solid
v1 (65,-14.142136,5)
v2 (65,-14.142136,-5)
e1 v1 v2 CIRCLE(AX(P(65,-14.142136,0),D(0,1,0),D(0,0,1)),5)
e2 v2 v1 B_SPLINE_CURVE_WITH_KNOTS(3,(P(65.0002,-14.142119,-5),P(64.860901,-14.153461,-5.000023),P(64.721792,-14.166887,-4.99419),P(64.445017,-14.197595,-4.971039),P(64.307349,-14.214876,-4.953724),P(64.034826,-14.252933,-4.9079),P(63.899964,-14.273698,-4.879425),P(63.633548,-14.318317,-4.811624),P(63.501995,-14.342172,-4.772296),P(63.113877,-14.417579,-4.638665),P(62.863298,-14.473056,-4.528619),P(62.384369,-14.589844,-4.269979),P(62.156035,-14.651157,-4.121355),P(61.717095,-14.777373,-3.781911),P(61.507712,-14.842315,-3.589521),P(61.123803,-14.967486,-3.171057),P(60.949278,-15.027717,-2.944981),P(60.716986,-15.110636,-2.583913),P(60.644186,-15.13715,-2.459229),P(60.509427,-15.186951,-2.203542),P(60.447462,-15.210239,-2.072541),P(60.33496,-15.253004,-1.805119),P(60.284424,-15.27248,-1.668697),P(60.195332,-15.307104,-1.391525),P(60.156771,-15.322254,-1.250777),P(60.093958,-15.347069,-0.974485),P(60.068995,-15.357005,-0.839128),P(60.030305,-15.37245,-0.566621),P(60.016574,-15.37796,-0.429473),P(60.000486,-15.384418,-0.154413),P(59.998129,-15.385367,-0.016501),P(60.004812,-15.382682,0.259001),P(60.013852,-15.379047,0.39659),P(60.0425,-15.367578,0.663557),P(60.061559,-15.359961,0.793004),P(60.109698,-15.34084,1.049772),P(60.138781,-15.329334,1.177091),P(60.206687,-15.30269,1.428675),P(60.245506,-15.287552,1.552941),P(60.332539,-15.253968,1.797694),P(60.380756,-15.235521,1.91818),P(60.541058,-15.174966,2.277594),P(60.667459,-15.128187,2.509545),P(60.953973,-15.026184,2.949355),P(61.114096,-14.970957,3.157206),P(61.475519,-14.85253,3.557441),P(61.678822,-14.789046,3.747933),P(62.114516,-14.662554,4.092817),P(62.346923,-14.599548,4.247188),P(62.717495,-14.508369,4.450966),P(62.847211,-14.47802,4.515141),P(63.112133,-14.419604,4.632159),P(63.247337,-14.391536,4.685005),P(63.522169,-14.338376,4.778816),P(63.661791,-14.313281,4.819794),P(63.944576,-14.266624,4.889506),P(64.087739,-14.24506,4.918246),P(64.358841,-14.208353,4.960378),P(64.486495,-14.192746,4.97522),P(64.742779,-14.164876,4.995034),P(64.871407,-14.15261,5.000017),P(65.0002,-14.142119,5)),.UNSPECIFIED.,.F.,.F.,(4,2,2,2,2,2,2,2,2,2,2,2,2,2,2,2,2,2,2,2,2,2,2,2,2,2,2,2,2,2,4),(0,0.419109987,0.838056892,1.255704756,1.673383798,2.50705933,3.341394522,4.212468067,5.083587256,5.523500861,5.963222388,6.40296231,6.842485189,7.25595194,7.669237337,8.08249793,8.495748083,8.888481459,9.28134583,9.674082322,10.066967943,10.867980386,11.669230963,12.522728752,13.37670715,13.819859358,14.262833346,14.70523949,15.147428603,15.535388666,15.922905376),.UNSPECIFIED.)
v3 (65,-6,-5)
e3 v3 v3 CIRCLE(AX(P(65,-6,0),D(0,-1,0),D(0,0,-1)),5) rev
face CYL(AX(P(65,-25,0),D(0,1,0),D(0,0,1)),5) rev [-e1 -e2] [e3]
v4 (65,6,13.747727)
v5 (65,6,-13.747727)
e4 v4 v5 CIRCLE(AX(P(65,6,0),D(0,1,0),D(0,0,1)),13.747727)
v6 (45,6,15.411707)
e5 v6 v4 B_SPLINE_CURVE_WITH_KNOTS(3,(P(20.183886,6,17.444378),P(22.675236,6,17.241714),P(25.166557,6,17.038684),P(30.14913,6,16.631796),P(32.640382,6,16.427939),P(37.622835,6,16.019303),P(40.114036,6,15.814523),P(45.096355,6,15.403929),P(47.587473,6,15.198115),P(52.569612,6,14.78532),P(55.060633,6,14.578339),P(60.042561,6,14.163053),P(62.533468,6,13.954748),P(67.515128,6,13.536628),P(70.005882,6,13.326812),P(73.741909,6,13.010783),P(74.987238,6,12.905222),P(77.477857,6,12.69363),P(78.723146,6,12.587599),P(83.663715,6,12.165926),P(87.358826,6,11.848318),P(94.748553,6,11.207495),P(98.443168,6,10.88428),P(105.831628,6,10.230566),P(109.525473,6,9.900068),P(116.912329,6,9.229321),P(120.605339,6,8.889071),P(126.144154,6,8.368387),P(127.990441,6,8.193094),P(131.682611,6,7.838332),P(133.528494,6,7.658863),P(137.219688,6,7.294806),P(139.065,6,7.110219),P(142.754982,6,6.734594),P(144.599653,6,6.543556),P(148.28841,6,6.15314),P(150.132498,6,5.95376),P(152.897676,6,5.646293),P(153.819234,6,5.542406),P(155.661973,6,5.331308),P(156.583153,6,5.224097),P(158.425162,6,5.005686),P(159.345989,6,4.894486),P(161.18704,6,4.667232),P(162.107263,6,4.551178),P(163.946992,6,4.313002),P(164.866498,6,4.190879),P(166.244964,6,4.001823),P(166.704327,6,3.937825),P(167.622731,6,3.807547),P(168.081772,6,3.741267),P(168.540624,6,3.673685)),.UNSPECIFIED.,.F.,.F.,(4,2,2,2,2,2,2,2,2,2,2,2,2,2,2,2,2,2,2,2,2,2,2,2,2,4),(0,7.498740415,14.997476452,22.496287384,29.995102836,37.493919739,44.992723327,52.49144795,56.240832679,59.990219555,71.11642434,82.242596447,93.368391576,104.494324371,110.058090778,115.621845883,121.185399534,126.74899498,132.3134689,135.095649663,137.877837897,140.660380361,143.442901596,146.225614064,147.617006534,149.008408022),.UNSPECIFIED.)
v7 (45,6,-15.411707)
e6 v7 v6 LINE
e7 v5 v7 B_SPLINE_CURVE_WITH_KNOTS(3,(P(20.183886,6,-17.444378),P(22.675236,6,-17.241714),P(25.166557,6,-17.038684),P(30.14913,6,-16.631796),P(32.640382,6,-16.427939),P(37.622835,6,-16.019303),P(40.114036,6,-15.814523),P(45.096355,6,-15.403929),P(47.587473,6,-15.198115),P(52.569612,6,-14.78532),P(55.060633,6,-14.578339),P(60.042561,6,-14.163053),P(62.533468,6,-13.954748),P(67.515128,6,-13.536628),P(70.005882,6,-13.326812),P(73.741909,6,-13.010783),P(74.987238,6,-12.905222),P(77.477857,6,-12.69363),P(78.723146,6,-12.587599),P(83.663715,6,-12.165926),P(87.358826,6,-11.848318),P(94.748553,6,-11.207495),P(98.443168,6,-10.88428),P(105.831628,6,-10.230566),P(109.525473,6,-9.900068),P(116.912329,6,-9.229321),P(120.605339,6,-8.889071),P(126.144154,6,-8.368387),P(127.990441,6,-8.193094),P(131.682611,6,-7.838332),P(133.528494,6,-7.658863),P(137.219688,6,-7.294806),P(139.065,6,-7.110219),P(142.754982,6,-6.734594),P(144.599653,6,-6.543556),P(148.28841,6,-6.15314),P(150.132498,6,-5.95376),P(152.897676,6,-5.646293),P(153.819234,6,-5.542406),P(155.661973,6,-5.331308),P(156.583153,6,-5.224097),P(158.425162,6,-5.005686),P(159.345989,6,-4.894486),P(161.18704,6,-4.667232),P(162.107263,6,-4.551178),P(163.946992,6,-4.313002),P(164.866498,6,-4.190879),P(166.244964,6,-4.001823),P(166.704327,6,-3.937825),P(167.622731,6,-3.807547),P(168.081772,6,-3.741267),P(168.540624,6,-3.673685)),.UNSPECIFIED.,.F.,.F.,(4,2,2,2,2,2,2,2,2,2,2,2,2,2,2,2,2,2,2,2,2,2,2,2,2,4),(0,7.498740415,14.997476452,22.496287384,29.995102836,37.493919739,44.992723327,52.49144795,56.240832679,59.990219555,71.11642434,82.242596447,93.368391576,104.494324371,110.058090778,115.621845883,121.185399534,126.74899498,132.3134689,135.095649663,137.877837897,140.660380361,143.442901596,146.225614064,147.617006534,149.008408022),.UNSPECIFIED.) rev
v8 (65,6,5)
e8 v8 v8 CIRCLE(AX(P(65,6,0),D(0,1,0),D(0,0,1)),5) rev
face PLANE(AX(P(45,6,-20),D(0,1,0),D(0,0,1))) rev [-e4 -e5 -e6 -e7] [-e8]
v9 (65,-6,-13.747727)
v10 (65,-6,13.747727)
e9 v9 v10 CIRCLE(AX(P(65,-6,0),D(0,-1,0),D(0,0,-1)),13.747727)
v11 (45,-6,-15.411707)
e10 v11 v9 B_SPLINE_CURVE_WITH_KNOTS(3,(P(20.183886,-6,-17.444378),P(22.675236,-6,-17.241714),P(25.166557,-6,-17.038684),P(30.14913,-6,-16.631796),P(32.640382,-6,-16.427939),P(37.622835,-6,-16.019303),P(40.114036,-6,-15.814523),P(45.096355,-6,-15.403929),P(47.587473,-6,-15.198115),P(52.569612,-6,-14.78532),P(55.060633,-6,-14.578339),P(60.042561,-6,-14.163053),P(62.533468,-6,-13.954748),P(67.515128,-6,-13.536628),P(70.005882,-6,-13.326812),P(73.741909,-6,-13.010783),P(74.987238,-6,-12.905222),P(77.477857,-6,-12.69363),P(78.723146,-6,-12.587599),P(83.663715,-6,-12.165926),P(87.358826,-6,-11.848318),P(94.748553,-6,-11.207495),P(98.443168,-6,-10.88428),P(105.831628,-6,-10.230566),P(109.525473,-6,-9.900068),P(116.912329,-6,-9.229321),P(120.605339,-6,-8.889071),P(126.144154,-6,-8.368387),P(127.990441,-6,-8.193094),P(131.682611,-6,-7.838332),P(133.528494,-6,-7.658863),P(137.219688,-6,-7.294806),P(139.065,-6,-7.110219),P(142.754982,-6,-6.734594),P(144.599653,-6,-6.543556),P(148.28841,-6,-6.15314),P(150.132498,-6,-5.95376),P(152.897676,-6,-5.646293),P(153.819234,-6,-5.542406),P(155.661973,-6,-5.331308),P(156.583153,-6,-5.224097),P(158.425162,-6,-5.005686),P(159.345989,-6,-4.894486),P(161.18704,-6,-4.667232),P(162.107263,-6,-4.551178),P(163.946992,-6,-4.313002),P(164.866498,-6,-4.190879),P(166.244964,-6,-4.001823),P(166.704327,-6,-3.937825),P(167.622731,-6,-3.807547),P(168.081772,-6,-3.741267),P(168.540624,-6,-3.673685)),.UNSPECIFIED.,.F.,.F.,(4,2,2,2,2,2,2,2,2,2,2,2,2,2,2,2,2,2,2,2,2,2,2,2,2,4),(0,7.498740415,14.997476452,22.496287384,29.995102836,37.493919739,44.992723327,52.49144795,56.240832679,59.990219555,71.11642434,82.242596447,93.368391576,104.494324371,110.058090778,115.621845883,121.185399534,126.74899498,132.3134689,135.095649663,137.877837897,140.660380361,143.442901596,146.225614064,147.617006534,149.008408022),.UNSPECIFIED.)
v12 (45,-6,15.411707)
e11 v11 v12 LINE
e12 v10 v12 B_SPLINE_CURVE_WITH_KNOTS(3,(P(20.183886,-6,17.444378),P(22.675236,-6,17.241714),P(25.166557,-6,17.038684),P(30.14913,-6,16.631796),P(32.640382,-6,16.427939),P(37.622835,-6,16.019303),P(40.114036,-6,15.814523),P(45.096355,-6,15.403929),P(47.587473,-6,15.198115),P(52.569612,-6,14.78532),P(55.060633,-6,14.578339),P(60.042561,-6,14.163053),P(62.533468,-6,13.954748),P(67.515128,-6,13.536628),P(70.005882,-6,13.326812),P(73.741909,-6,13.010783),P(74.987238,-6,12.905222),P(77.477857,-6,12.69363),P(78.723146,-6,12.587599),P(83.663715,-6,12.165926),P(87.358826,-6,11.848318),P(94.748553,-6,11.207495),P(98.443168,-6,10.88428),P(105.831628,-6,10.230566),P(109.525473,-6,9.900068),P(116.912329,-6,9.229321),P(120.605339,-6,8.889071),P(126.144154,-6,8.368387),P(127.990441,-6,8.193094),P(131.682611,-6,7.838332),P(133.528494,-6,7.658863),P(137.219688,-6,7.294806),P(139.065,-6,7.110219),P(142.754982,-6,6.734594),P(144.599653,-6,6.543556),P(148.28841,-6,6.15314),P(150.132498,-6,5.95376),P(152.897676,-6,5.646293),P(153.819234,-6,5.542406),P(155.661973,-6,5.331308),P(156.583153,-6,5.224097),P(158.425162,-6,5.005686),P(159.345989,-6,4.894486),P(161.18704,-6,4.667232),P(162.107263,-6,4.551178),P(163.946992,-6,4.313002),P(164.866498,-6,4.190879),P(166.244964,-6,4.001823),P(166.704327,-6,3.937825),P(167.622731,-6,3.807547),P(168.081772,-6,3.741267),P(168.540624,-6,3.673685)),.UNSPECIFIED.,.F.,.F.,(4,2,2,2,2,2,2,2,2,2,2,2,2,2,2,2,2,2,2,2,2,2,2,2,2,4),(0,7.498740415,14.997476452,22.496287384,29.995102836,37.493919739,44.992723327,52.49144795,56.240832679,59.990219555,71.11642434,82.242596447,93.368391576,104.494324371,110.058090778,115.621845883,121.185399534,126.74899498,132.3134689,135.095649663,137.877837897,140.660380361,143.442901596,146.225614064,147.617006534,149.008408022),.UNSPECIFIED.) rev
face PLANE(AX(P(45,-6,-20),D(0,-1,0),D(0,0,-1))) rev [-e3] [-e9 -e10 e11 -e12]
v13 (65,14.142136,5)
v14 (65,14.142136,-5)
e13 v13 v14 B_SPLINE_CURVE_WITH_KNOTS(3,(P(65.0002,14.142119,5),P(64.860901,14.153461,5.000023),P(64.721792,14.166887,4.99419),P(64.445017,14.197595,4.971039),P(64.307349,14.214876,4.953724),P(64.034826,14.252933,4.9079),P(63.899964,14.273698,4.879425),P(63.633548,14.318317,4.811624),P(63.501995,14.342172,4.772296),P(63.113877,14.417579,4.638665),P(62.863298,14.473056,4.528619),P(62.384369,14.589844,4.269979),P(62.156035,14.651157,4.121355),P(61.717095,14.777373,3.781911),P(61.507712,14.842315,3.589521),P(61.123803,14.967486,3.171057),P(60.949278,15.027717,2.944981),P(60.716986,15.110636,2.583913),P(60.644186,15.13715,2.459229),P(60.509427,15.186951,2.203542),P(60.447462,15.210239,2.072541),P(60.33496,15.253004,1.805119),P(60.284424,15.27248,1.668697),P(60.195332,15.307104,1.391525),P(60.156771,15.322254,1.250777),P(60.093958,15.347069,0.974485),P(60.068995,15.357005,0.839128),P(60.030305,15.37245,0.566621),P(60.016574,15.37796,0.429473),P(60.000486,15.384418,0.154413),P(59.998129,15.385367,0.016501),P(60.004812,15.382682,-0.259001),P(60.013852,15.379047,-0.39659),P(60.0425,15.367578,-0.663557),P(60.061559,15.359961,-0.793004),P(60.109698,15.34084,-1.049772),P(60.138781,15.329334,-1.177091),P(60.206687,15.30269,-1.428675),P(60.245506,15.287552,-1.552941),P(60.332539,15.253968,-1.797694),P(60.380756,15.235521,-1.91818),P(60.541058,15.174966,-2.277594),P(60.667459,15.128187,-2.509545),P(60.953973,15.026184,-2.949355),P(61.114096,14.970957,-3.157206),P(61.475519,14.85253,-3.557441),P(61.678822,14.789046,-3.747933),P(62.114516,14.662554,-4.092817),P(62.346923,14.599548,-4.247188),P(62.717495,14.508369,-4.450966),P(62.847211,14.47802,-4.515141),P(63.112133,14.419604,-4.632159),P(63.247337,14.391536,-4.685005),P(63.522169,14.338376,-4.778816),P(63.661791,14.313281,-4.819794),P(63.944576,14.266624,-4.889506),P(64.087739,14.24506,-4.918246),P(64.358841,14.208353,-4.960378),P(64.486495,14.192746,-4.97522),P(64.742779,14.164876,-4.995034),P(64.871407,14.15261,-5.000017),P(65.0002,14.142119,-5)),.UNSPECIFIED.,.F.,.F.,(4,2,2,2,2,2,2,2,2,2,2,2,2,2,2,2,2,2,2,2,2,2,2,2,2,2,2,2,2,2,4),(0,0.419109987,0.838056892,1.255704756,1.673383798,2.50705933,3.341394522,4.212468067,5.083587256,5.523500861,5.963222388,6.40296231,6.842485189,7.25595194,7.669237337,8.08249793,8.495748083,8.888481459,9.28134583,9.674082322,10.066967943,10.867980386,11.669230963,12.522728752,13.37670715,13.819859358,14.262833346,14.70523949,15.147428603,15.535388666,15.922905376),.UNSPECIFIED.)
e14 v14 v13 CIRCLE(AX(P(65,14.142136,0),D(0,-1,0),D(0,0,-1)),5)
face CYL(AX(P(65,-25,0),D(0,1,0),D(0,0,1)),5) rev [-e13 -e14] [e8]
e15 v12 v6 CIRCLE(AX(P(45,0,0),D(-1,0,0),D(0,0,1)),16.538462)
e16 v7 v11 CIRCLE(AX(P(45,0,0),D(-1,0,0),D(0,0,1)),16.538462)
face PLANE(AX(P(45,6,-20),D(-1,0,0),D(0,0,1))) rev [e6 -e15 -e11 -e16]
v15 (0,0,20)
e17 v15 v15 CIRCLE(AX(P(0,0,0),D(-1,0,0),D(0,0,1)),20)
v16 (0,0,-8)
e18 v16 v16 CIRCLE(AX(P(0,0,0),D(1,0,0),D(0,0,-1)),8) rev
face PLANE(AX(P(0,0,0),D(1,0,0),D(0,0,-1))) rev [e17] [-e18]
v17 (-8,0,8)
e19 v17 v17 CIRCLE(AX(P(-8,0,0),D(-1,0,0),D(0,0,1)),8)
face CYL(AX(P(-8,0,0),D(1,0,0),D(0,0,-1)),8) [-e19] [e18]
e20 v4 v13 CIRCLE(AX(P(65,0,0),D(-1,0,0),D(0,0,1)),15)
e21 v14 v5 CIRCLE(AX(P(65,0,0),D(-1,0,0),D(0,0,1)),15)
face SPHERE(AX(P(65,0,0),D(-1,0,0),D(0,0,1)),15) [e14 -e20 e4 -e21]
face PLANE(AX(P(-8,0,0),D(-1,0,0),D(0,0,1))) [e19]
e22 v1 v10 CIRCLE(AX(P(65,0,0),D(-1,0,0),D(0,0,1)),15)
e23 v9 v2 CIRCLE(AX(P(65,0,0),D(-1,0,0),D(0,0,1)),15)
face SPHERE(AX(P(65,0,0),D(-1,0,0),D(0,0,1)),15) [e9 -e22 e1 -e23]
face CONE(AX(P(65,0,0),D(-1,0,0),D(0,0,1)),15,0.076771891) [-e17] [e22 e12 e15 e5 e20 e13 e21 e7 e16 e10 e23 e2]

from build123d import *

# Parameters (mm, degrees)
SKETCH2_R           = 5
CUT_EXTRUDE1_DEPTH  = 25
SKETCH3_R           = 8
BOSS_EXTRUDE1_DEPTH = 8
SKETCH4_W           = 40
SKETCH4_H           = 12
CUT_EXTRUDE2_DEPTH  = 20


with BuildPart() as part:
    # Sketch1 → Revolve1 (revolve)
    with BuildSketch(Plane(origin=(0, 0, 0), x_dir=(1, 0, 0), z_dir=(0, 1, 0)), mode=Mode.PRIVATE) as revolve1_sk:
        with BuildLine():
            Line((0, 0), (0, 20))
            Line((0, 20), (65, 15))
            ThreePointArc((65, 15), (75.606601718, 10.606601718), (80, 0))
            Line((80, 0), (0, 0))
        make_face()
    revolve(revolve1_sk.sketch.rotate(Axis((-20.908281483, 0, 0), (1, 0, 0)), 180), axis=Axis((-20.908281483, 0, 0), (1, 0, 0)))

    # Sketch2 → Cut-Extrude1 (cut, symmetric)
    with BuildSketch(Plane(origin=(0, 0, 0), x_dir=(1, 0, 0), z_dir=(0, 1, 0))):
        with Locations(Location((65, 0, 0), (0, 0, 270))):
            Circle(SKETCH2_R)
    extrude(amount=CUT_EXTRUDE1_DEPTH, both=True, mode=Mode.SUBTRACT)

    # Sketch3 → Boss-Extrude1 (add)
    with BuildSketch(Plane.ZY):
        with Locations(Location((0, 0, 0), (0, 0, 180))):
            Circle(SKETCH3_R)
    extrude(amount=BOSS_EXTRUDE1_DEPTH)

    # Sketch4 → Cut-Extrude2 (cut, symmetric)
    with BuildSketch(Plane.XY):
        with Locations((65, 0)):
            Rectangle(SKETCH4_W, SKETCH4_H)
    extrude(amount=CUT_EXTRUDE2_DEPTH, both=True, mode=Mode.SUBTRACT)


solid = part.part
